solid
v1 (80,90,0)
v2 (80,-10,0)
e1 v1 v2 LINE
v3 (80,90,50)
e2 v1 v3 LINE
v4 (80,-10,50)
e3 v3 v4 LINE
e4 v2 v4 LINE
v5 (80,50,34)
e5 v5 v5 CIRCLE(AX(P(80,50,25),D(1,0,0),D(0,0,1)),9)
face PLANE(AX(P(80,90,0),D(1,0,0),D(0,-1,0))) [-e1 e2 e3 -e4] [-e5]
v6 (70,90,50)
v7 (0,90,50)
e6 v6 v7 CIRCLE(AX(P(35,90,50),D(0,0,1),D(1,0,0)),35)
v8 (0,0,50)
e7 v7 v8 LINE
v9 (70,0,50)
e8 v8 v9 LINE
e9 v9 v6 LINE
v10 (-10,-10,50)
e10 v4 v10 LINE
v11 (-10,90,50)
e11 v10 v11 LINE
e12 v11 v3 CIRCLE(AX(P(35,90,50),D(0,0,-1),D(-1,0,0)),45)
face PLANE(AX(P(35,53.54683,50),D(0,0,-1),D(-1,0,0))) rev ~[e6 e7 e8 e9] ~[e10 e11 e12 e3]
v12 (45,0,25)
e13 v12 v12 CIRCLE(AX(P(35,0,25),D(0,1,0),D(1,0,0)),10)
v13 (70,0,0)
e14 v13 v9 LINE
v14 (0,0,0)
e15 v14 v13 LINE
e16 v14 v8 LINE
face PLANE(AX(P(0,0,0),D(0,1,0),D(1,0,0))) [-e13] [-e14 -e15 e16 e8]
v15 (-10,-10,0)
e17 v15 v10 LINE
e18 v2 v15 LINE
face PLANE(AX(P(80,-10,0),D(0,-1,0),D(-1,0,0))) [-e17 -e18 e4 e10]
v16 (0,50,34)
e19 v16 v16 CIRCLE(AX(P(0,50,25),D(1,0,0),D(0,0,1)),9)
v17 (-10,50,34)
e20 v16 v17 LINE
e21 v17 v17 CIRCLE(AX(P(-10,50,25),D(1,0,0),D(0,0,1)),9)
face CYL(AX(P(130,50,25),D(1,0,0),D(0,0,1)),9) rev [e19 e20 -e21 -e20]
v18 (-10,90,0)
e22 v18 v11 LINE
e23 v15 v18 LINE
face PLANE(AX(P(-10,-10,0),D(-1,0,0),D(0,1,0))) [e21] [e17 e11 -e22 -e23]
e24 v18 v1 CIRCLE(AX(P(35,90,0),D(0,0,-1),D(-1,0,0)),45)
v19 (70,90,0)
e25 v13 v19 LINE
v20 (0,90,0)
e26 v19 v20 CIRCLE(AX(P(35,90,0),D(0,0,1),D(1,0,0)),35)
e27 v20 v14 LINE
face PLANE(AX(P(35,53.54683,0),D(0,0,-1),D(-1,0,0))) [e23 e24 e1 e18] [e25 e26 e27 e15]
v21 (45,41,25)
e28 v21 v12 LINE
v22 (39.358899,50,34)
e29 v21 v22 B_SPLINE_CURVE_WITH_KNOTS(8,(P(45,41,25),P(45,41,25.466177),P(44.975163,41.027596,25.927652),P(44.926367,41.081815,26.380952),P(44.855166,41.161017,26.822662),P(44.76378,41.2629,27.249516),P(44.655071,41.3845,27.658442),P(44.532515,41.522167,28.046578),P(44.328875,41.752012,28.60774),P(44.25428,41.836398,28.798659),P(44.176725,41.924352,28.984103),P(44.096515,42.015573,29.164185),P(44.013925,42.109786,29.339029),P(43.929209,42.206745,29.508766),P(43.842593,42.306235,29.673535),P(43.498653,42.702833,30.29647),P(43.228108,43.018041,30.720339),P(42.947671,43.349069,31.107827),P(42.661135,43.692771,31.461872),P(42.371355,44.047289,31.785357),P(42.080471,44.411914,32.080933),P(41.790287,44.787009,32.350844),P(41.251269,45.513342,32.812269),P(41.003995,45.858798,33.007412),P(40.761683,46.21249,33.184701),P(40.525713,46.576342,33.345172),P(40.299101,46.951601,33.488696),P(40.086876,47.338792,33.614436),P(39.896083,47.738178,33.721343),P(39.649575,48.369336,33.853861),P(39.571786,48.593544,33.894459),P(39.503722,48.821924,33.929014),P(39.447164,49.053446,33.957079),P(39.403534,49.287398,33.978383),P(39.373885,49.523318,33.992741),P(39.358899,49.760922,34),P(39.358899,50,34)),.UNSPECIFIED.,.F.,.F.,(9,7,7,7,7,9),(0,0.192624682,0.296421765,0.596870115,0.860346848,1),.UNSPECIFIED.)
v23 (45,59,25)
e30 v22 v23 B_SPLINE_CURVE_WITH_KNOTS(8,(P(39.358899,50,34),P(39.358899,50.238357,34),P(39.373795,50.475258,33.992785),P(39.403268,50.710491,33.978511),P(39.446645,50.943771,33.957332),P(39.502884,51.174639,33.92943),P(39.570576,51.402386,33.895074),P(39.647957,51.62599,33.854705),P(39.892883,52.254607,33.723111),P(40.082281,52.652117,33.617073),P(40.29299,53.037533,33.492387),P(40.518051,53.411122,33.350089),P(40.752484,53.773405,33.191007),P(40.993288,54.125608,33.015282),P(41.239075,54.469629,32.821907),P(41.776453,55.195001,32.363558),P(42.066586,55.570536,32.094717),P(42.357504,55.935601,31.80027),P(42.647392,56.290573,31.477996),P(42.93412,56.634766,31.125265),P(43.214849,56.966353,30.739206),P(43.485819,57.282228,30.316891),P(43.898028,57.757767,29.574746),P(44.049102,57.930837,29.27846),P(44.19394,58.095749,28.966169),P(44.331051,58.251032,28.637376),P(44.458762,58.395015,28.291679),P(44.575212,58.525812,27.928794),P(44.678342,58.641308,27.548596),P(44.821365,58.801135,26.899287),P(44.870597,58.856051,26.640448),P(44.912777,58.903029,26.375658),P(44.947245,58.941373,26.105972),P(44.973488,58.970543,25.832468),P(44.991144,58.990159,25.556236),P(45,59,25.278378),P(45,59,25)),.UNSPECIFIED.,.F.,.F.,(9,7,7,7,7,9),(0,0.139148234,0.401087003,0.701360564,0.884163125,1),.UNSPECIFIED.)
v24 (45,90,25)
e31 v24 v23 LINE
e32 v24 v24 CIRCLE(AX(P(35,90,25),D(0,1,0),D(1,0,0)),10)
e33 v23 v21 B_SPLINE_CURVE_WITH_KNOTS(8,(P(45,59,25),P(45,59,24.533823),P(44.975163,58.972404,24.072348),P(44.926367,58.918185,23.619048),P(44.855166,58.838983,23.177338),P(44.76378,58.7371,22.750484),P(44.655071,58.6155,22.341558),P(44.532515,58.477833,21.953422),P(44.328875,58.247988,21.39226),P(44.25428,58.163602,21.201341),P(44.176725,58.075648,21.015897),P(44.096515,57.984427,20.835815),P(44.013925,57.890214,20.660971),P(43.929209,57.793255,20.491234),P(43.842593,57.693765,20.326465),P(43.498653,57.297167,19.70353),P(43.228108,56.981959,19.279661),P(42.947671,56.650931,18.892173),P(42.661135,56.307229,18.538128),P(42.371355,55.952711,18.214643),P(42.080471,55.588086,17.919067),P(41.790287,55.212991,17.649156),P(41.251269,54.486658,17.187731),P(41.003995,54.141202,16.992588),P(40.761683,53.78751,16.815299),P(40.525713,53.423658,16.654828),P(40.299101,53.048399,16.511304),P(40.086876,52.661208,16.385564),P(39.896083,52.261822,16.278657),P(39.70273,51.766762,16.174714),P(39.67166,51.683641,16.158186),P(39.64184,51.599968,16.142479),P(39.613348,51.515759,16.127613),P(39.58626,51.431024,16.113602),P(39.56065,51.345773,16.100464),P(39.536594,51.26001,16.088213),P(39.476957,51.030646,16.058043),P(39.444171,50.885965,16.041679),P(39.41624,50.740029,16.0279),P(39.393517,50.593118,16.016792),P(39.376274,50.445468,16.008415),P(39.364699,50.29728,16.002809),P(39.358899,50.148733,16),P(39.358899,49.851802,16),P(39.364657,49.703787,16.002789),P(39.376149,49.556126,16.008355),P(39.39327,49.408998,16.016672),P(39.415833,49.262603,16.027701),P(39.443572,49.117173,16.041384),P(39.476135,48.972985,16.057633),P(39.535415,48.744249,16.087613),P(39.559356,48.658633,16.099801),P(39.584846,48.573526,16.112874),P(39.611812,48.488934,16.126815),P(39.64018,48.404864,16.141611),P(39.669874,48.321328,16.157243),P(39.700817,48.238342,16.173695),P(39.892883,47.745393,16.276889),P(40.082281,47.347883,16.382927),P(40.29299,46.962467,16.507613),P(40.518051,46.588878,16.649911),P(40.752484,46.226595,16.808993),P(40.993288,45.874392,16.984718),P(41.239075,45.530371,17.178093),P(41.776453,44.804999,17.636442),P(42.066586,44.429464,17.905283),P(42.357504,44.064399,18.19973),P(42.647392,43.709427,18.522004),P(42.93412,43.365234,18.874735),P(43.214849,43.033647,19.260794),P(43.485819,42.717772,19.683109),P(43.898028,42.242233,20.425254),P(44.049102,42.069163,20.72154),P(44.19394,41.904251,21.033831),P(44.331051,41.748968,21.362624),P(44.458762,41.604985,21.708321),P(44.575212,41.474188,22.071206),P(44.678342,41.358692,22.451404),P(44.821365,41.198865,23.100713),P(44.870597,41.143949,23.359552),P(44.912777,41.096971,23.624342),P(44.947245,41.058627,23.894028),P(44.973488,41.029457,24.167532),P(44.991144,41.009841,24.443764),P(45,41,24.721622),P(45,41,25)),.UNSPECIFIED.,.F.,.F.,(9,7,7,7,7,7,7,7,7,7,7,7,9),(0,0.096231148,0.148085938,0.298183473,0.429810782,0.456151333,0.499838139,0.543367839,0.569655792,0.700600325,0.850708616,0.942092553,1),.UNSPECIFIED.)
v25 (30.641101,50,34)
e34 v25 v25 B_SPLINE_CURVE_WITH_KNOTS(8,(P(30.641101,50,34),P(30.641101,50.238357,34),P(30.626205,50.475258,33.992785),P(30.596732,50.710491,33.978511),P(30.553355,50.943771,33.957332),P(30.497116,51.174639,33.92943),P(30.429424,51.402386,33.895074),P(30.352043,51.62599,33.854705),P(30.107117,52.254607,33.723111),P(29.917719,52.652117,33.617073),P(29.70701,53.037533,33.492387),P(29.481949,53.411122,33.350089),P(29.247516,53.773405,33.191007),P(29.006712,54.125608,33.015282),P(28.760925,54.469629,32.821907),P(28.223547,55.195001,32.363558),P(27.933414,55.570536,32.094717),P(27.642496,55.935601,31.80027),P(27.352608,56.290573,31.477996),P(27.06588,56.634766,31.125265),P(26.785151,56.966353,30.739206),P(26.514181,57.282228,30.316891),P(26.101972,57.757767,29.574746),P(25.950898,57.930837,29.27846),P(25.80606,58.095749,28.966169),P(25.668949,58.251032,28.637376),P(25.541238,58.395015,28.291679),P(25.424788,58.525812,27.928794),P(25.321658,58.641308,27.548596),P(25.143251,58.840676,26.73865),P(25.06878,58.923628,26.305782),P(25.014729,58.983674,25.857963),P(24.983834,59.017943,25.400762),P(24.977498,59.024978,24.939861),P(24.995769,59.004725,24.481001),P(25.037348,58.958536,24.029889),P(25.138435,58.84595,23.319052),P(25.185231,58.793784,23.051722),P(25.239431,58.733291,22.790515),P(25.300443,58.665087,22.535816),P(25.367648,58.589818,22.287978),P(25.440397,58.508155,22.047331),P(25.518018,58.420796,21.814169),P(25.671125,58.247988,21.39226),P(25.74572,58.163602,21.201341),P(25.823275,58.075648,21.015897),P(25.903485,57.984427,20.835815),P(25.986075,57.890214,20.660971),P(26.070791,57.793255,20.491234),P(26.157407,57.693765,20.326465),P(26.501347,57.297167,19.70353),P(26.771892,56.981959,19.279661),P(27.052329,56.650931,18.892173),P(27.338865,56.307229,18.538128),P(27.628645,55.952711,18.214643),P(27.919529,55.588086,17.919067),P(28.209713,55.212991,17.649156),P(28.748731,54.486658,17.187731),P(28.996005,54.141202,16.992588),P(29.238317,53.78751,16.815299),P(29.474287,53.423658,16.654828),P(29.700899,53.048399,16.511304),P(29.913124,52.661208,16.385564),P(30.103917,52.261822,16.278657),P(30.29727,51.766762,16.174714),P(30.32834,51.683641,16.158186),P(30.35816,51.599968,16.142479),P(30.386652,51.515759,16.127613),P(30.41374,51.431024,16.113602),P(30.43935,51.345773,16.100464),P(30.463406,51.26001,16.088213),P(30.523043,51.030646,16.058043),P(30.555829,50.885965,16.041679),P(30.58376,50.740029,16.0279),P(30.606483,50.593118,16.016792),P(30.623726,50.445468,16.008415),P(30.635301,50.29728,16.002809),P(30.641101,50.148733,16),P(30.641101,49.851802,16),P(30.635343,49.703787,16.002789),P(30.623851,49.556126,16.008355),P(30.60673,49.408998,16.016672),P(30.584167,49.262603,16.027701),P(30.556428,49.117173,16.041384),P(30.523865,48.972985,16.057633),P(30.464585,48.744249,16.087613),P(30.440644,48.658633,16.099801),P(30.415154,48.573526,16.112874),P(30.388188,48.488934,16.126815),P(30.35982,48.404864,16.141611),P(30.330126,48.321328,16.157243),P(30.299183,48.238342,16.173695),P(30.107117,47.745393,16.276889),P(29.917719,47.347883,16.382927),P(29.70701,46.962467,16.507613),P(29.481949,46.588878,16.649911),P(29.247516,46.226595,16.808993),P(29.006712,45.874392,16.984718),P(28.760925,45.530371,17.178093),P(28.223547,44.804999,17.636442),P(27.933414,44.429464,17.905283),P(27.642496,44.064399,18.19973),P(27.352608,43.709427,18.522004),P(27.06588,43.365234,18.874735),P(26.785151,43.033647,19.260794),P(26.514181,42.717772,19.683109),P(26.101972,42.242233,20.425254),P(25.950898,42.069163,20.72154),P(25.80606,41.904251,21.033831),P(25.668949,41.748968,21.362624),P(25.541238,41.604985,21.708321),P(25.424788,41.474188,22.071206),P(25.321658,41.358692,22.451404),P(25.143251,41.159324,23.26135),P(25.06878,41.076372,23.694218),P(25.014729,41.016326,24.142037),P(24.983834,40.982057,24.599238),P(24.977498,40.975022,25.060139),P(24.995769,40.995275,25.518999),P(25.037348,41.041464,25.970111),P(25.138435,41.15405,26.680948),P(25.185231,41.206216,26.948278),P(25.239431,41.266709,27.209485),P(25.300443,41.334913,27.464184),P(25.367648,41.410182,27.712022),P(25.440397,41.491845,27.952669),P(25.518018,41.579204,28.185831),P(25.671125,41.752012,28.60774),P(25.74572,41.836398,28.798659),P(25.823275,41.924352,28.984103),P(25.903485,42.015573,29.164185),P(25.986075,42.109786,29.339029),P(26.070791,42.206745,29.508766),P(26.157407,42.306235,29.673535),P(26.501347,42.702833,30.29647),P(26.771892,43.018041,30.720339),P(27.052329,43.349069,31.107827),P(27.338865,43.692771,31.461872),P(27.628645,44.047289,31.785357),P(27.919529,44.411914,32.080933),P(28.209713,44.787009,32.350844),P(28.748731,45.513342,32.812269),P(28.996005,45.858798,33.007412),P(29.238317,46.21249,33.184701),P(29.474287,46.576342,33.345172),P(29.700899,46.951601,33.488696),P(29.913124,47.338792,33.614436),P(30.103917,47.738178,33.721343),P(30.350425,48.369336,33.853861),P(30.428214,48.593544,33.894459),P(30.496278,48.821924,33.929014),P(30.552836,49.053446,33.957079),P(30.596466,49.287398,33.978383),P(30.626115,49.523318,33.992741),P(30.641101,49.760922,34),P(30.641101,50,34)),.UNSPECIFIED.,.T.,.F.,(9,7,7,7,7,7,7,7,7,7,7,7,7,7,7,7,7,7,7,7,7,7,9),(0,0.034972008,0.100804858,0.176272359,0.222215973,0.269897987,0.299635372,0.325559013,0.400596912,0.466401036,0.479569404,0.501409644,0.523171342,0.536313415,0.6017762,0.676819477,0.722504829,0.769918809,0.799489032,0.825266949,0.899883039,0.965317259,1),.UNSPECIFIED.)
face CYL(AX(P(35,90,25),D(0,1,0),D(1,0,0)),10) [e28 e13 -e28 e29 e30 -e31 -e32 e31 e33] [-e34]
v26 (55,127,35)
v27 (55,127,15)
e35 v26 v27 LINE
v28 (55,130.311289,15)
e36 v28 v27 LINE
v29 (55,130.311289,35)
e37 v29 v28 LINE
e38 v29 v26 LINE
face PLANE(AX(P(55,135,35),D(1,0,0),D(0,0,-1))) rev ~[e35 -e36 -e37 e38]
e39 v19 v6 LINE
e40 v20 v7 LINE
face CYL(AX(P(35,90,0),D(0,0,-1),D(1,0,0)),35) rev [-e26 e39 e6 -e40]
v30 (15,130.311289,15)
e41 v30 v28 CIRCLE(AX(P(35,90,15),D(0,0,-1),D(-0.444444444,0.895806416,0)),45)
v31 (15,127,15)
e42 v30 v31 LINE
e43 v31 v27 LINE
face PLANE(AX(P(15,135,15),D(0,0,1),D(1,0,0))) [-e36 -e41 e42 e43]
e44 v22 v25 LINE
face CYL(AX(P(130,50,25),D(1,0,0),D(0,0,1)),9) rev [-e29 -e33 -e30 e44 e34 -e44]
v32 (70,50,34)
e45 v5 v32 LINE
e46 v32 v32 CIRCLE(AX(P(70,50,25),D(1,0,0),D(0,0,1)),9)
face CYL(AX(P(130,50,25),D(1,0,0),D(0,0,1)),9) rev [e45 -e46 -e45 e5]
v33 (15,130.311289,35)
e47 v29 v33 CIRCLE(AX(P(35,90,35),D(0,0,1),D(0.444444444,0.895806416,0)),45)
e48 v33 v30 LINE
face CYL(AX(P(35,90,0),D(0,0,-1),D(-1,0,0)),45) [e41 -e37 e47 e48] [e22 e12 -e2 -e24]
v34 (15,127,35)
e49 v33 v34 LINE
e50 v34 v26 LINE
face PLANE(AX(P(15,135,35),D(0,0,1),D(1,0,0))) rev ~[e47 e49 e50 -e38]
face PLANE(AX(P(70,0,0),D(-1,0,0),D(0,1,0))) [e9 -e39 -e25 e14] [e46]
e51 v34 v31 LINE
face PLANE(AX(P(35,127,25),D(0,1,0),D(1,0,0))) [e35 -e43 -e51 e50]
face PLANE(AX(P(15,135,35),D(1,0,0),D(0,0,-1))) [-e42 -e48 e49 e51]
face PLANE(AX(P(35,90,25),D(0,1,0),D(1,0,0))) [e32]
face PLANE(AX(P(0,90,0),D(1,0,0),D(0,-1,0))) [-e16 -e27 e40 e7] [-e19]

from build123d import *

# Parameters (mm, degrees)
BOSS_EXTRUDE1_DEPTH     = 50
SKETCH3_W               = 40
SKETCH3_H               = 20
CUT_EXTRUDE1_DEPTH      = 8
BOSS_EXTRUDE2_REACH     = 102
SKETCH4_R               = 10
SKETCH6_R               = 9
CUT_EXTRUDE2_DEPTH      = 141
CUT_EXTRUDE2_DEPTH_BACK = 1


with BuildPart() as part:
    # Sketch1 → Boss-Extrude1 (new body)
    with BuildSketch(Plane.XY):
        with BuildLine():
            Line((80, 90), (80, -10))
            Line((80, -10), (-10, -10))
            Line((-10, -10), (-10, 90))
            ThreePointArc((-10, 90), (35, 135), (80, 90))
        make_face()
        with BuildLine():
            Line((0, 90), (0, 0))
            Line((0, 0), (70, 0))
            Line((70, 0), (70, 90))
            ThreePointArc((70, 90), (35, 125), (0, 90))
        make_face(mode=Mode.SUBTRACT)
    extrude(amount=BOSS_EXTRUDE1_DEPTH)

    # Sketch3 → Cut-Extrude1 (cut)
    with BuildSketch(Plane(origin=(0, 135, 0), x_dir=(1, 0, 0), z_dir=(0, 1, 0))):
        with Locations((35, -25)):
            Rectangle(SKETCH3_W, SKETCH3_H)
    extrude(amount=-CUT_EXTRUDE1_DEPTH, mode=Mode.SUBTRACT)

    # Sketch4 → Boss-Extrude2 (add, up to next)
    with BuildSketch(Plane(origin=(0, 90, 0), x_dir=(1, 0, 0), z_dir=(0, 1, 0)), mode=Mode.PRIVATE) as boss_extrude2_sk1:
        with Locations((35, -25)):
            Circle(SKETCH4_R)
    boss_extrude2_tool1 = extrude(boss_extrude2_sk1.sketch, amount=-BOSS_EXTRUDE2_REACH, mode=Mode.PRIVATE) - part.part
    add(boss_extrude2_tool1.solids().sort_by_distance((35, 90, 25))[0])

    # Sketch6 → Cut-Extrude2 (cut, two sides)
    with BuildSketch(Plane.ZY.offset(-130)) as cut_extrude2_sk:
        with Locations((25, 50)):
            Circle(SKETCH6_R)
    extrude(amount=CUT_EXTRUDE2_DEPTH, mode=Mode.SUBTRACT)
    extrude(cut_extrude2_sk.sketch, amount=-CUT_EXTRUDE2_DEPTH_BACK, mode=Mode.SUBTRACT)


solid = part.part
